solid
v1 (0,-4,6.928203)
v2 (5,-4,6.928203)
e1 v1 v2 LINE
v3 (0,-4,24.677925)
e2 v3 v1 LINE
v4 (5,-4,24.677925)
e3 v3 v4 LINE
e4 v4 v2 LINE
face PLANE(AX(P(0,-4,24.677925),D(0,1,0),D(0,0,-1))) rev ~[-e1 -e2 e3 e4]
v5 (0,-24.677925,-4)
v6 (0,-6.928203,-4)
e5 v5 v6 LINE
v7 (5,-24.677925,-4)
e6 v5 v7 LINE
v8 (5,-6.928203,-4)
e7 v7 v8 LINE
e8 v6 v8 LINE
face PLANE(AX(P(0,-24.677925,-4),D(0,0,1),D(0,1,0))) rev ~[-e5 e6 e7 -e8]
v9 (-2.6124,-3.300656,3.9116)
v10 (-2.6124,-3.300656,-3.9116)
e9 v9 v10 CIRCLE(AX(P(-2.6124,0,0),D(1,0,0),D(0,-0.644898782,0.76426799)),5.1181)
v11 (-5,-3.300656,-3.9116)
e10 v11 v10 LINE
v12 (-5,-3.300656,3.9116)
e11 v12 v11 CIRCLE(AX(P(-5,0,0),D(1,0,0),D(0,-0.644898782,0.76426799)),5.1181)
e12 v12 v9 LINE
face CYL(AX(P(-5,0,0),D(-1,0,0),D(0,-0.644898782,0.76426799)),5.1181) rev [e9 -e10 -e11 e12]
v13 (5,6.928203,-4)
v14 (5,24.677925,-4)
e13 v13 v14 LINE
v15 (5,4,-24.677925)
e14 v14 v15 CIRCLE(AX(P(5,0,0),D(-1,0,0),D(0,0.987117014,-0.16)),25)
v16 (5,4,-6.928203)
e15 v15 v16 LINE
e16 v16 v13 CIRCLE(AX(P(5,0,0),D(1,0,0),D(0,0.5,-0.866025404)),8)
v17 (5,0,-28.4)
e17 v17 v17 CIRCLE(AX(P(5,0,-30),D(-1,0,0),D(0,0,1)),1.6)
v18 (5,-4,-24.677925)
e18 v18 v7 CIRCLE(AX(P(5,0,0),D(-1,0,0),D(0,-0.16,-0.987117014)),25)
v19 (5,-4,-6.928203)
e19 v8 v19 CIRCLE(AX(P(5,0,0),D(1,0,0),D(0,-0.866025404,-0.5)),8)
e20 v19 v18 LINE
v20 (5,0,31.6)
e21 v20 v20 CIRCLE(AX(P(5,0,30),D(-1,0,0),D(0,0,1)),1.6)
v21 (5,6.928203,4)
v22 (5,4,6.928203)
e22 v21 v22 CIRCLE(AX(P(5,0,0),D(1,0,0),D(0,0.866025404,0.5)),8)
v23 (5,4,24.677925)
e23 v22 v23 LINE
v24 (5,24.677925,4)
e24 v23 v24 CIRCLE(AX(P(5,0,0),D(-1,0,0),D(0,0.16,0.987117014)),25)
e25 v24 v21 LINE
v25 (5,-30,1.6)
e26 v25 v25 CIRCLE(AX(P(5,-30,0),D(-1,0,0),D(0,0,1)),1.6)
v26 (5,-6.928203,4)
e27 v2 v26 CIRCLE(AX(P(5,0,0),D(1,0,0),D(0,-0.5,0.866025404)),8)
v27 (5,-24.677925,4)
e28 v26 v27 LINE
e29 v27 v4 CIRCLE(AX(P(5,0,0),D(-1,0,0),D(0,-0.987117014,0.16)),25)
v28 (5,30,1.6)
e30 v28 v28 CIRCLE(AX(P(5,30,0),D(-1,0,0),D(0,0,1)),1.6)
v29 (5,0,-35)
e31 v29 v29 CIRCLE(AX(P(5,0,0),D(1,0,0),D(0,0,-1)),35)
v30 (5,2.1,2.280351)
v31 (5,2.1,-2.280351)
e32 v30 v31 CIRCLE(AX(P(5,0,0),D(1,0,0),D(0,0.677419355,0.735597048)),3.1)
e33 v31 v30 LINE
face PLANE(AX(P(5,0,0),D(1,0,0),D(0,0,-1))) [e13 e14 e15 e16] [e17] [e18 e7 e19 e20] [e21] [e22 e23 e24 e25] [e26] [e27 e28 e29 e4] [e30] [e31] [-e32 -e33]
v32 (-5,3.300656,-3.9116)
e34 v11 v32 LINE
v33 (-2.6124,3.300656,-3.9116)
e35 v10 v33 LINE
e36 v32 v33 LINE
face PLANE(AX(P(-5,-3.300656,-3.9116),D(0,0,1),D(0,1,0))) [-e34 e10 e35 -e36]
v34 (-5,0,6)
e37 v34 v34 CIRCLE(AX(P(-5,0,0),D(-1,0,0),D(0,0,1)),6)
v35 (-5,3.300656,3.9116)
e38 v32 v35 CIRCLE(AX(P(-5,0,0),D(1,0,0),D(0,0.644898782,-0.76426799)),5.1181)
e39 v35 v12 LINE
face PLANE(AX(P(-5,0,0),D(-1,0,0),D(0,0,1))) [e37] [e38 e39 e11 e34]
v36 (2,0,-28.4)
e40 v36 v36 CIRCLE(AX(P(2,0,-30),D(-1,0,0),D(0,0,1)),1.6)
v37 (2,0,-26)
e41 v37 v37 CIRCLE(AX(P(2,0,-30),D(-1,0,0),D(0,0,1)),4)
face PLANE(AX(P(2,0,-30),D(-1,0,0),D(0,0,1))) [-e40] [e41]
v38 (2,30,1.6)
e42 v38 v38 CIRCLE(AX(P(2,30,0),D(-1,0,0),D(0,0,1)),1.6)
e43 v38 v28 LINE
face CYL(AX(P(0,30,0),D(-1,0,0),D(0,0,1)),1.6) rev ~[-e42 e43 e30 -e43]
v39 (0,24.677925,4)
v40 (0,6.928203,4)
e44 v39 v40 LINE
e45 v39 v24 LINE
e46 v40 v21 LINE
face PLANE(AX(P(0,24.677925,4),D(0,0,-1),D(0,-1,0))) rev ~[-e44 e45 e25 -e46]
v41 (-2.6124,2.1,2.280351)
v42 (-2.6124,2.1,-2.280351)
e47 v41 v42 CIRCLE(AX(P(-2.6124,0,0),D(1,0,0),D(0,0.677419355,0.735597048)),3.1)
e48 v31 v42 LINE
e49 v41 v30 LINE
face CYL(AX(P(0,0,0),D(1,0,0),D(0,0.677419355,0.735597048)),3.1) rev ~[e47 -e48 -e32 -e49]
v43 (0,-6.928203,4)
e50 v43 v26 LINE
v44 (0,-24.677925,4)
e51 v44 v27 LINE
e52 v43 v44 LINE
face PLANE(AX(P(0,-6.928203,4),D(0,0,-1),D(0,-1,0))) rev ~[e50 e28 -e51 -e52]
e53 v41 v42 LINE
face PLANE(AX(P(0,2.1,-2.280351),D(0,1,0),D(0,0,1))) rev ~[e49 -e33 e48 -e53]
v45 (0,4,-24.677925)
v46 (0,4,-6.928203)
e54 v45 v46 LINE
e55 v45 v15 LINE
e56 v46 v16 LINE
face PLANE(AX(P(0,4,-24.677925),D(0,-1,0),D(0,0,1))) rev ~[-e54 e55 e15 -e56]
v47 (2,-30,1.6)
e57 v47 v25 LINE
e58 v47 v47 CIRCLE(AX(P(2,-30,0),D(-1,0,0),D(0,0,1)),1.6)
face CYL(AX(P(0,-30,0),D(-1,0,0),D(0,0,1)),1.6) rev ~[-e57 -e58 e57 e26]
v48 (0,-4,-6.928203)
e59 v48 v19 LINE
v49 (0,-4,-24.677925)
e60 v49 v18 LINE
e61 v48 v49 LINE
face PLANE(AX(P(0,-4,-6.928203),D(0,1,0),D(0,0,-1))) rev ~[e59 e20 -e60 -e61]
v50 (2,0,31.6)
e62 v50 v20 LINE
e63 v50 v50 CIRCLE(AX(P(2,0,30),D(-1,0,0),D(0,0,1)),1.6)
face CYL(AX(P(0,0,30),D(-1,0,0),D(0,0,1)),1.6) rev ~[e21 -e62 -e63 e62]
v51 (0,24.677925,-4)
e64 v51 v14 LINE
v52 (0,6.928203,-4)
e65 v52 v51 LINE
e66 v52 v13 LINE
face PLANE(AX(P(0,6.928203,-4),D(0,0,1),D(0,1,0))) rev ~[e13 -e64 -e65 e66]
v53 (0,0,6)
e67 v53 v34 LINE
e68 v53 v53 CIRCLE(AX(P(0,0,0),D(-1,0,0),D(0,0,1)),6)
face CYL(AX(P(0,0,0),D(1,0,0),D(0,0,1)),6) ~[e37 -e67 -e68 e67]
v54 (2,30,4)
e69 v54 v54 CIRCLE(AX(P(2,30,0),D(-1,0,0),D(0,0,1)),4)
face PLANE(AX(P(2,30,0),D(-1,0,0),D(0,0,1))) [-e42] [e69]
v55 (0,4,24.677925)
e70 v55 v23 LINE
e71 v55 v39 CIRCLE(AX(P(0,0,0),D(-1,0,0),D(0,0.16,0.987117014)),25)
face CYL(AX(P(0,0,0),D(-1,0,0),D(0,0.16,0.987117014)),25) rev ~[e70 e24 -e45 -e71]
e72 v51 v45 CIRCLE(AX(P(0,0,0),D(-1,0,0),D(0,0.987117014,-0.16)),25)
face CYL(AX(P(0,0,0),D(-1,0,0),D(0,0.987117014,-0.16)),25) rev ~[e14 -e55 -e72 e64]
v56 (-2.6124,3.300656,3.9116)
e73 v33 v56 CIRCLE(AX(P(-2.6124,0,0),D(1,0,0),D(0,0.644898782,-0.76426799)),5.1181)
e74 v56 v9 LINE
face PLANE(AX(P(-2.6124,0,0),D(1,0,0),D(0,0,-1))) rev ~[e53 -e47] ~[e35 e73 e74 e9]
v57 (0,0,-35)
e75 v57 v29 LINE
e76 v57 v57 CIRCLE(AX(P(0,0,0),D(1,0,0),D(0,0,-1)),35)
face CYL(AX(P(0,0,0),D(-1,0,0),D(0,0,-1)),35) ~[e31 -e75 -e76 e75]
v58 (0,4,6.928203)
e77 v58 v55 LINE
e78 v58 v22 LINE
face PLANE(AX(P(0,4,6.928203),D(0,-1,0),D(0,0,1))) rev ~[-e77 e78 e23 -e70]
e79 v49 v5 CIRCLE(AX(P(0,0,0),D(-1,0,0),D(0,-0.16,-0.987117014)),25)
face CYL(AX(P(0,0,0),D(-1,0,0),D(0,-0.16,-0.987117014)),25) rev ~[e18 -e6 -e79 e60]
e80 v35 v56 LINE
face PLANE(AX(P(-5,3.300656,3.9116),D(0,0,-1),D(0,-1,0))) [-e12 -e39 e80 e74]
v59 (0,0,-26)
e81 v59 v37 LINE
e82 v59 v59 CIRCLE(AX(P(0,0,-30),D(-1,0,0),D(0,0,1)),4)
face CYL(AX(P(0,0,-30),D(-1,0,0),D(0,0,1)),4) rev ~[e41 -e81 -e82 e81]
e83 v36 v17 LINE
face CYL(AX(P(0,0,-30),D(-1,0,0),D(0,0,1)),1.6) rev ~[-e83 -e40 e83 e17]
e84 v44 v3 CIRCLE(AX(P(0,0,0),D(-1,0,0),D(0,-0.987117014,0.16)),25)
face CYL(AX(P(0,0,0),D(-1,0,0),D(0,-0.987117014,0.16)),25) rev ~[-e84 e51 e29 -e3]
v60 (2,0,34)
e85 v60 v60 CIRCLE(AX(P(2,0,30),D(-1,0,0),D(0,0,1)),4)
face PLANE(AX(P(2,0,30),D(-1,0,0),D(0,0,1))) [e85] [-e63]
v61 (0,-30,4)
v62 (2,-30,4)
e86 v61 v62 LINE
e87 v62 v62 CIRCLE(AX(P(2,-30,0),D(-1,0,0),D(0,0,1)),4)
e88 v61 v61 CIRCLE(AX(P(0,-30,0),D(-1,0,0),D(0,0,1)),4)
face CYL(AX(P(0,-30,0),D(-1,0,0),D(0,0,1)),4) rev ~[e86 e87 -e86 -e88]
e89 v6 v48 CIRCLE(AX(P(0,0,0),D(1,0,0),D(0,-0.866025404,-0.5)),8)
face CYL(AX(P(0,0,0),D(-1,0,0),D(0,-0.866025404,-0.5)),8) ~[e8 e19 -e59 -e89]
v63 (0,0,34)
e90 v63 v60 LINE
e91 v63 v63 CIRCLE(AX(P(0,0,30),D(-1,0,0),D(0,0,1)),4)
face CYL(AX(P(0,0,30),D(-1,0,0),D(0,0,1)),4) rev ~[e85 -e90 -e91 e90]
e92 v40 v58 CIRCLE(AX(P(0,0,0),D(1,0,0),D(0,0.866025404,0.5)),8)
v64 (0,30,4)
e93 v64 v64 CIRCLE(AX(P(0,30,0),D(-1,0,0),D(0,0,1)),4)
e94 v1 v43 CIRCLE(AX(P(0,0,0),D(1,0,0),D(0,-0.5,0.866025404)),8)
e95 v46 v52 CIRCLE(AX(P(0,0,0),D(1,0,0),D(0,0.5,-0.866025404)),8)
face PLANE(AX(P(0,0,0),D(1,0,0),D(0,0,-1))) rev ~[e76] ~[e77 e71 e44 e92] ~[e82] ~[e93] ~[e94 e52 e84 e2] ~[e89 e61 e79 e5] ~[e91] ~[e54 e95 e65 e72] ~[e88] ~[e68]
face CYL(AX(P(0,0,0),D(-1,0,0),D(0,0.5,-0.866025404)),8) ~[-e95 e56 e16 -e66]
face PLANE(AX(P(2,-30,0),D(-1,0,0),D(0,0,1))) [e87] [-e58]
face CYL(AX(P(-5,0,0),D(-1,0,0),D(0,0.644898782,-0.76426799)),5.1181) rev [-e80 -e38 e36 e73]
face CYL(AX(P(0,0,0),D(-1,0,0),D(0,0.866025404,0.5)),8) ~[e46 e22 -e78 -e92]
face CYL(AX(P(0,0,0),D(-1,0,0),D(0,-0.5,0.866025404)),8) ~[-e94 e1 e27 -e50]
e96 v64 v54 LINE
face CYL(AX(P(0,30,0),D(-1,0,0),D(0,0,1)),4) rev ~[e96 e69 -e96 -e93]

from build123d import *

# Parameters (mm, degrees)
SKETCH1_R           = 35
BOSS_EXTRUDE1_DEPTH = 5
SKETCH2_R           = 1.6
CUT_EXTRUDE1_DEPTH  = 6
SKETCH3_R           = 6
BOSS_EXTRUDE2_DEPTH = 5
SKETCH6_R           = 4
CUT_EXTRUDE2_DEPTH  = 2
CUT_EXTRUDE3_DEPTH  = 2.3876


with BuildPart() as part:
    # Sketch1 → Boss-Extrude1 (new body)
    with BuildSketch(Plane(origin=(0, 0, 0), x_dir=(0, 0, -1), z_dir=(1, 0, 0))):
        Circle(SKETCH1_R)
        with BuildLine():
            Line((4, 6.92820323), (4, 24.677925359))
            ThreePointArc((4, 24.677925359), (17.67766953, 17.67766953), (24.677925359, 4))
            Line((24.677925359, 4), (6.92820323, 4))
            ThreePointArc((6.92820323, 4), (5.656854249, 5.656854249), (4, 6.92820323))
        make_face(mode=Mode.SUBTRACT)
        with BuildLine():
            Line((-4, 24.677925359), (-4, 6.92820323))
            ThreePointArc((-4, 6.92820323), (-5.656854249, 5.656854249), (-6.92820323, 4))
            Line((-6.92820323, 4), (-24.677925359, 4))
            ThreePointArc((-24.677925359, 4), (-17.67766953, 17.67766953), (-4, 24.677925359))
        make_face(mode=Mode.SUBTRACT)
        with BuildLine():
            Line((-24.677925359, -4), (-6.92820323, -4))
            ThreePointArc((-6.92820323, -4), (-5.656854249, -5.656854249), (-4, -6.92820323))
            Line((-4, -6.92820323), (-4, -24.677925359))
            ThreePointArc((-4, -24.677925359), (-17.67766953, -17.67766953), (-24.677925359, -4))
        make_face(mode=Mode.SUBTRACT)
        with BuildLine():
            Line((4, -24.677925359), (4, -6.92820323))
            ThreePointArc((4, -6.92820323), (5.656854249, -5.656854249), (6.92820323, -4))
            Line((6.92820323, -4), (24.677925359, -4))
            ThreePointArc((24.677925359, -4), (17.67766953, -17.67766953), (4, -24.677925359))
        make_face(mode=Mode.SUBTRACT)
        with BuildLine():
            Line((2.28035085, 2.1), (-2.28035085, 2.1))
            ThreePointArc((-2.28035085, 2.1), (0, -3.1), (2.28035085, 2.1))
        make_face(mode=Mode.SUBTRACT)
    extrude(amount=BOSS_EXTRUDE1_DEPTH)

    # Sketch2 → Cut-Extrude1 (cut, through all)
    with BuildSketch(Plane.ZY):
        with Locations((0, 30)):
            Circle(SKETCH2_R)
        with Locations((30, 0)):
            Circle(SKETCH2_R)
        with Locations((0, -30)):
            Circle(SKETCH2_R)
        with Locations((-30, 0)):
            Circle(SKETCH2_R)
    extrude(amount=-CUT_EXTRUDE1_DEPTH, mode=Mode.SUBTRACT)

    # Sketch3 → Boss-Extrude2 (add)
    with BuildSketch(Plane.ZY):
        Circle(SKETCH3_R)
        with BuildLine():
            Line((-2.28035085, 2.1), (2.28035085, 2.1))
            ThreePointArc((2.28035085, 2.1), (0, -3.1), (-2.28035085, 2.1))
        make_face(mode=Mode.SUBTRACT)
    extrude(amount=BOSS_EXTRUDE2_DEPTH)

    # Sketch6 → Cut-Extrude2 (cut)
    with BuildSketch(Plane.ZY):
        with Locations((0, 30)):
            Circle(SKETCH6_R)
        with Locations((30, 0)):
            Circle(SKETCH6_R)
        with Locations((0, -30)):
            Circle(SKETCH6_R)
        with Locations((-30, 0)):
            Circle(SKETCH6_R)
    extrude(amount=-CUT_EXTRUDE2_DEPTH, mode=Mode.SUBTRACT)

    # Sketch7 → Cut-Extrude3 (cut)
    with BuildSketch(Plane.ZY.offset(5)):
        with BuildLine():
            Line((-3.9116, -3.300656457), (-3.9116, 3.300656457))
            ThreePointArc((-3.9116, 3.300656457), (0, 5.1181), (3.9116, 3.300656457))
            Line((3.9116, 3.300656457), (3.9116, -3.300656457))
            ThreePointArc((3.9116, -3.300656457), (0, -5.1181), (-3.9116, -3.300656457))
        make_face()
    extrude(amount=-CUT_EXTRUDE3_DEPTH, mode=Mode.SUBTRACT)


solid = part.part
